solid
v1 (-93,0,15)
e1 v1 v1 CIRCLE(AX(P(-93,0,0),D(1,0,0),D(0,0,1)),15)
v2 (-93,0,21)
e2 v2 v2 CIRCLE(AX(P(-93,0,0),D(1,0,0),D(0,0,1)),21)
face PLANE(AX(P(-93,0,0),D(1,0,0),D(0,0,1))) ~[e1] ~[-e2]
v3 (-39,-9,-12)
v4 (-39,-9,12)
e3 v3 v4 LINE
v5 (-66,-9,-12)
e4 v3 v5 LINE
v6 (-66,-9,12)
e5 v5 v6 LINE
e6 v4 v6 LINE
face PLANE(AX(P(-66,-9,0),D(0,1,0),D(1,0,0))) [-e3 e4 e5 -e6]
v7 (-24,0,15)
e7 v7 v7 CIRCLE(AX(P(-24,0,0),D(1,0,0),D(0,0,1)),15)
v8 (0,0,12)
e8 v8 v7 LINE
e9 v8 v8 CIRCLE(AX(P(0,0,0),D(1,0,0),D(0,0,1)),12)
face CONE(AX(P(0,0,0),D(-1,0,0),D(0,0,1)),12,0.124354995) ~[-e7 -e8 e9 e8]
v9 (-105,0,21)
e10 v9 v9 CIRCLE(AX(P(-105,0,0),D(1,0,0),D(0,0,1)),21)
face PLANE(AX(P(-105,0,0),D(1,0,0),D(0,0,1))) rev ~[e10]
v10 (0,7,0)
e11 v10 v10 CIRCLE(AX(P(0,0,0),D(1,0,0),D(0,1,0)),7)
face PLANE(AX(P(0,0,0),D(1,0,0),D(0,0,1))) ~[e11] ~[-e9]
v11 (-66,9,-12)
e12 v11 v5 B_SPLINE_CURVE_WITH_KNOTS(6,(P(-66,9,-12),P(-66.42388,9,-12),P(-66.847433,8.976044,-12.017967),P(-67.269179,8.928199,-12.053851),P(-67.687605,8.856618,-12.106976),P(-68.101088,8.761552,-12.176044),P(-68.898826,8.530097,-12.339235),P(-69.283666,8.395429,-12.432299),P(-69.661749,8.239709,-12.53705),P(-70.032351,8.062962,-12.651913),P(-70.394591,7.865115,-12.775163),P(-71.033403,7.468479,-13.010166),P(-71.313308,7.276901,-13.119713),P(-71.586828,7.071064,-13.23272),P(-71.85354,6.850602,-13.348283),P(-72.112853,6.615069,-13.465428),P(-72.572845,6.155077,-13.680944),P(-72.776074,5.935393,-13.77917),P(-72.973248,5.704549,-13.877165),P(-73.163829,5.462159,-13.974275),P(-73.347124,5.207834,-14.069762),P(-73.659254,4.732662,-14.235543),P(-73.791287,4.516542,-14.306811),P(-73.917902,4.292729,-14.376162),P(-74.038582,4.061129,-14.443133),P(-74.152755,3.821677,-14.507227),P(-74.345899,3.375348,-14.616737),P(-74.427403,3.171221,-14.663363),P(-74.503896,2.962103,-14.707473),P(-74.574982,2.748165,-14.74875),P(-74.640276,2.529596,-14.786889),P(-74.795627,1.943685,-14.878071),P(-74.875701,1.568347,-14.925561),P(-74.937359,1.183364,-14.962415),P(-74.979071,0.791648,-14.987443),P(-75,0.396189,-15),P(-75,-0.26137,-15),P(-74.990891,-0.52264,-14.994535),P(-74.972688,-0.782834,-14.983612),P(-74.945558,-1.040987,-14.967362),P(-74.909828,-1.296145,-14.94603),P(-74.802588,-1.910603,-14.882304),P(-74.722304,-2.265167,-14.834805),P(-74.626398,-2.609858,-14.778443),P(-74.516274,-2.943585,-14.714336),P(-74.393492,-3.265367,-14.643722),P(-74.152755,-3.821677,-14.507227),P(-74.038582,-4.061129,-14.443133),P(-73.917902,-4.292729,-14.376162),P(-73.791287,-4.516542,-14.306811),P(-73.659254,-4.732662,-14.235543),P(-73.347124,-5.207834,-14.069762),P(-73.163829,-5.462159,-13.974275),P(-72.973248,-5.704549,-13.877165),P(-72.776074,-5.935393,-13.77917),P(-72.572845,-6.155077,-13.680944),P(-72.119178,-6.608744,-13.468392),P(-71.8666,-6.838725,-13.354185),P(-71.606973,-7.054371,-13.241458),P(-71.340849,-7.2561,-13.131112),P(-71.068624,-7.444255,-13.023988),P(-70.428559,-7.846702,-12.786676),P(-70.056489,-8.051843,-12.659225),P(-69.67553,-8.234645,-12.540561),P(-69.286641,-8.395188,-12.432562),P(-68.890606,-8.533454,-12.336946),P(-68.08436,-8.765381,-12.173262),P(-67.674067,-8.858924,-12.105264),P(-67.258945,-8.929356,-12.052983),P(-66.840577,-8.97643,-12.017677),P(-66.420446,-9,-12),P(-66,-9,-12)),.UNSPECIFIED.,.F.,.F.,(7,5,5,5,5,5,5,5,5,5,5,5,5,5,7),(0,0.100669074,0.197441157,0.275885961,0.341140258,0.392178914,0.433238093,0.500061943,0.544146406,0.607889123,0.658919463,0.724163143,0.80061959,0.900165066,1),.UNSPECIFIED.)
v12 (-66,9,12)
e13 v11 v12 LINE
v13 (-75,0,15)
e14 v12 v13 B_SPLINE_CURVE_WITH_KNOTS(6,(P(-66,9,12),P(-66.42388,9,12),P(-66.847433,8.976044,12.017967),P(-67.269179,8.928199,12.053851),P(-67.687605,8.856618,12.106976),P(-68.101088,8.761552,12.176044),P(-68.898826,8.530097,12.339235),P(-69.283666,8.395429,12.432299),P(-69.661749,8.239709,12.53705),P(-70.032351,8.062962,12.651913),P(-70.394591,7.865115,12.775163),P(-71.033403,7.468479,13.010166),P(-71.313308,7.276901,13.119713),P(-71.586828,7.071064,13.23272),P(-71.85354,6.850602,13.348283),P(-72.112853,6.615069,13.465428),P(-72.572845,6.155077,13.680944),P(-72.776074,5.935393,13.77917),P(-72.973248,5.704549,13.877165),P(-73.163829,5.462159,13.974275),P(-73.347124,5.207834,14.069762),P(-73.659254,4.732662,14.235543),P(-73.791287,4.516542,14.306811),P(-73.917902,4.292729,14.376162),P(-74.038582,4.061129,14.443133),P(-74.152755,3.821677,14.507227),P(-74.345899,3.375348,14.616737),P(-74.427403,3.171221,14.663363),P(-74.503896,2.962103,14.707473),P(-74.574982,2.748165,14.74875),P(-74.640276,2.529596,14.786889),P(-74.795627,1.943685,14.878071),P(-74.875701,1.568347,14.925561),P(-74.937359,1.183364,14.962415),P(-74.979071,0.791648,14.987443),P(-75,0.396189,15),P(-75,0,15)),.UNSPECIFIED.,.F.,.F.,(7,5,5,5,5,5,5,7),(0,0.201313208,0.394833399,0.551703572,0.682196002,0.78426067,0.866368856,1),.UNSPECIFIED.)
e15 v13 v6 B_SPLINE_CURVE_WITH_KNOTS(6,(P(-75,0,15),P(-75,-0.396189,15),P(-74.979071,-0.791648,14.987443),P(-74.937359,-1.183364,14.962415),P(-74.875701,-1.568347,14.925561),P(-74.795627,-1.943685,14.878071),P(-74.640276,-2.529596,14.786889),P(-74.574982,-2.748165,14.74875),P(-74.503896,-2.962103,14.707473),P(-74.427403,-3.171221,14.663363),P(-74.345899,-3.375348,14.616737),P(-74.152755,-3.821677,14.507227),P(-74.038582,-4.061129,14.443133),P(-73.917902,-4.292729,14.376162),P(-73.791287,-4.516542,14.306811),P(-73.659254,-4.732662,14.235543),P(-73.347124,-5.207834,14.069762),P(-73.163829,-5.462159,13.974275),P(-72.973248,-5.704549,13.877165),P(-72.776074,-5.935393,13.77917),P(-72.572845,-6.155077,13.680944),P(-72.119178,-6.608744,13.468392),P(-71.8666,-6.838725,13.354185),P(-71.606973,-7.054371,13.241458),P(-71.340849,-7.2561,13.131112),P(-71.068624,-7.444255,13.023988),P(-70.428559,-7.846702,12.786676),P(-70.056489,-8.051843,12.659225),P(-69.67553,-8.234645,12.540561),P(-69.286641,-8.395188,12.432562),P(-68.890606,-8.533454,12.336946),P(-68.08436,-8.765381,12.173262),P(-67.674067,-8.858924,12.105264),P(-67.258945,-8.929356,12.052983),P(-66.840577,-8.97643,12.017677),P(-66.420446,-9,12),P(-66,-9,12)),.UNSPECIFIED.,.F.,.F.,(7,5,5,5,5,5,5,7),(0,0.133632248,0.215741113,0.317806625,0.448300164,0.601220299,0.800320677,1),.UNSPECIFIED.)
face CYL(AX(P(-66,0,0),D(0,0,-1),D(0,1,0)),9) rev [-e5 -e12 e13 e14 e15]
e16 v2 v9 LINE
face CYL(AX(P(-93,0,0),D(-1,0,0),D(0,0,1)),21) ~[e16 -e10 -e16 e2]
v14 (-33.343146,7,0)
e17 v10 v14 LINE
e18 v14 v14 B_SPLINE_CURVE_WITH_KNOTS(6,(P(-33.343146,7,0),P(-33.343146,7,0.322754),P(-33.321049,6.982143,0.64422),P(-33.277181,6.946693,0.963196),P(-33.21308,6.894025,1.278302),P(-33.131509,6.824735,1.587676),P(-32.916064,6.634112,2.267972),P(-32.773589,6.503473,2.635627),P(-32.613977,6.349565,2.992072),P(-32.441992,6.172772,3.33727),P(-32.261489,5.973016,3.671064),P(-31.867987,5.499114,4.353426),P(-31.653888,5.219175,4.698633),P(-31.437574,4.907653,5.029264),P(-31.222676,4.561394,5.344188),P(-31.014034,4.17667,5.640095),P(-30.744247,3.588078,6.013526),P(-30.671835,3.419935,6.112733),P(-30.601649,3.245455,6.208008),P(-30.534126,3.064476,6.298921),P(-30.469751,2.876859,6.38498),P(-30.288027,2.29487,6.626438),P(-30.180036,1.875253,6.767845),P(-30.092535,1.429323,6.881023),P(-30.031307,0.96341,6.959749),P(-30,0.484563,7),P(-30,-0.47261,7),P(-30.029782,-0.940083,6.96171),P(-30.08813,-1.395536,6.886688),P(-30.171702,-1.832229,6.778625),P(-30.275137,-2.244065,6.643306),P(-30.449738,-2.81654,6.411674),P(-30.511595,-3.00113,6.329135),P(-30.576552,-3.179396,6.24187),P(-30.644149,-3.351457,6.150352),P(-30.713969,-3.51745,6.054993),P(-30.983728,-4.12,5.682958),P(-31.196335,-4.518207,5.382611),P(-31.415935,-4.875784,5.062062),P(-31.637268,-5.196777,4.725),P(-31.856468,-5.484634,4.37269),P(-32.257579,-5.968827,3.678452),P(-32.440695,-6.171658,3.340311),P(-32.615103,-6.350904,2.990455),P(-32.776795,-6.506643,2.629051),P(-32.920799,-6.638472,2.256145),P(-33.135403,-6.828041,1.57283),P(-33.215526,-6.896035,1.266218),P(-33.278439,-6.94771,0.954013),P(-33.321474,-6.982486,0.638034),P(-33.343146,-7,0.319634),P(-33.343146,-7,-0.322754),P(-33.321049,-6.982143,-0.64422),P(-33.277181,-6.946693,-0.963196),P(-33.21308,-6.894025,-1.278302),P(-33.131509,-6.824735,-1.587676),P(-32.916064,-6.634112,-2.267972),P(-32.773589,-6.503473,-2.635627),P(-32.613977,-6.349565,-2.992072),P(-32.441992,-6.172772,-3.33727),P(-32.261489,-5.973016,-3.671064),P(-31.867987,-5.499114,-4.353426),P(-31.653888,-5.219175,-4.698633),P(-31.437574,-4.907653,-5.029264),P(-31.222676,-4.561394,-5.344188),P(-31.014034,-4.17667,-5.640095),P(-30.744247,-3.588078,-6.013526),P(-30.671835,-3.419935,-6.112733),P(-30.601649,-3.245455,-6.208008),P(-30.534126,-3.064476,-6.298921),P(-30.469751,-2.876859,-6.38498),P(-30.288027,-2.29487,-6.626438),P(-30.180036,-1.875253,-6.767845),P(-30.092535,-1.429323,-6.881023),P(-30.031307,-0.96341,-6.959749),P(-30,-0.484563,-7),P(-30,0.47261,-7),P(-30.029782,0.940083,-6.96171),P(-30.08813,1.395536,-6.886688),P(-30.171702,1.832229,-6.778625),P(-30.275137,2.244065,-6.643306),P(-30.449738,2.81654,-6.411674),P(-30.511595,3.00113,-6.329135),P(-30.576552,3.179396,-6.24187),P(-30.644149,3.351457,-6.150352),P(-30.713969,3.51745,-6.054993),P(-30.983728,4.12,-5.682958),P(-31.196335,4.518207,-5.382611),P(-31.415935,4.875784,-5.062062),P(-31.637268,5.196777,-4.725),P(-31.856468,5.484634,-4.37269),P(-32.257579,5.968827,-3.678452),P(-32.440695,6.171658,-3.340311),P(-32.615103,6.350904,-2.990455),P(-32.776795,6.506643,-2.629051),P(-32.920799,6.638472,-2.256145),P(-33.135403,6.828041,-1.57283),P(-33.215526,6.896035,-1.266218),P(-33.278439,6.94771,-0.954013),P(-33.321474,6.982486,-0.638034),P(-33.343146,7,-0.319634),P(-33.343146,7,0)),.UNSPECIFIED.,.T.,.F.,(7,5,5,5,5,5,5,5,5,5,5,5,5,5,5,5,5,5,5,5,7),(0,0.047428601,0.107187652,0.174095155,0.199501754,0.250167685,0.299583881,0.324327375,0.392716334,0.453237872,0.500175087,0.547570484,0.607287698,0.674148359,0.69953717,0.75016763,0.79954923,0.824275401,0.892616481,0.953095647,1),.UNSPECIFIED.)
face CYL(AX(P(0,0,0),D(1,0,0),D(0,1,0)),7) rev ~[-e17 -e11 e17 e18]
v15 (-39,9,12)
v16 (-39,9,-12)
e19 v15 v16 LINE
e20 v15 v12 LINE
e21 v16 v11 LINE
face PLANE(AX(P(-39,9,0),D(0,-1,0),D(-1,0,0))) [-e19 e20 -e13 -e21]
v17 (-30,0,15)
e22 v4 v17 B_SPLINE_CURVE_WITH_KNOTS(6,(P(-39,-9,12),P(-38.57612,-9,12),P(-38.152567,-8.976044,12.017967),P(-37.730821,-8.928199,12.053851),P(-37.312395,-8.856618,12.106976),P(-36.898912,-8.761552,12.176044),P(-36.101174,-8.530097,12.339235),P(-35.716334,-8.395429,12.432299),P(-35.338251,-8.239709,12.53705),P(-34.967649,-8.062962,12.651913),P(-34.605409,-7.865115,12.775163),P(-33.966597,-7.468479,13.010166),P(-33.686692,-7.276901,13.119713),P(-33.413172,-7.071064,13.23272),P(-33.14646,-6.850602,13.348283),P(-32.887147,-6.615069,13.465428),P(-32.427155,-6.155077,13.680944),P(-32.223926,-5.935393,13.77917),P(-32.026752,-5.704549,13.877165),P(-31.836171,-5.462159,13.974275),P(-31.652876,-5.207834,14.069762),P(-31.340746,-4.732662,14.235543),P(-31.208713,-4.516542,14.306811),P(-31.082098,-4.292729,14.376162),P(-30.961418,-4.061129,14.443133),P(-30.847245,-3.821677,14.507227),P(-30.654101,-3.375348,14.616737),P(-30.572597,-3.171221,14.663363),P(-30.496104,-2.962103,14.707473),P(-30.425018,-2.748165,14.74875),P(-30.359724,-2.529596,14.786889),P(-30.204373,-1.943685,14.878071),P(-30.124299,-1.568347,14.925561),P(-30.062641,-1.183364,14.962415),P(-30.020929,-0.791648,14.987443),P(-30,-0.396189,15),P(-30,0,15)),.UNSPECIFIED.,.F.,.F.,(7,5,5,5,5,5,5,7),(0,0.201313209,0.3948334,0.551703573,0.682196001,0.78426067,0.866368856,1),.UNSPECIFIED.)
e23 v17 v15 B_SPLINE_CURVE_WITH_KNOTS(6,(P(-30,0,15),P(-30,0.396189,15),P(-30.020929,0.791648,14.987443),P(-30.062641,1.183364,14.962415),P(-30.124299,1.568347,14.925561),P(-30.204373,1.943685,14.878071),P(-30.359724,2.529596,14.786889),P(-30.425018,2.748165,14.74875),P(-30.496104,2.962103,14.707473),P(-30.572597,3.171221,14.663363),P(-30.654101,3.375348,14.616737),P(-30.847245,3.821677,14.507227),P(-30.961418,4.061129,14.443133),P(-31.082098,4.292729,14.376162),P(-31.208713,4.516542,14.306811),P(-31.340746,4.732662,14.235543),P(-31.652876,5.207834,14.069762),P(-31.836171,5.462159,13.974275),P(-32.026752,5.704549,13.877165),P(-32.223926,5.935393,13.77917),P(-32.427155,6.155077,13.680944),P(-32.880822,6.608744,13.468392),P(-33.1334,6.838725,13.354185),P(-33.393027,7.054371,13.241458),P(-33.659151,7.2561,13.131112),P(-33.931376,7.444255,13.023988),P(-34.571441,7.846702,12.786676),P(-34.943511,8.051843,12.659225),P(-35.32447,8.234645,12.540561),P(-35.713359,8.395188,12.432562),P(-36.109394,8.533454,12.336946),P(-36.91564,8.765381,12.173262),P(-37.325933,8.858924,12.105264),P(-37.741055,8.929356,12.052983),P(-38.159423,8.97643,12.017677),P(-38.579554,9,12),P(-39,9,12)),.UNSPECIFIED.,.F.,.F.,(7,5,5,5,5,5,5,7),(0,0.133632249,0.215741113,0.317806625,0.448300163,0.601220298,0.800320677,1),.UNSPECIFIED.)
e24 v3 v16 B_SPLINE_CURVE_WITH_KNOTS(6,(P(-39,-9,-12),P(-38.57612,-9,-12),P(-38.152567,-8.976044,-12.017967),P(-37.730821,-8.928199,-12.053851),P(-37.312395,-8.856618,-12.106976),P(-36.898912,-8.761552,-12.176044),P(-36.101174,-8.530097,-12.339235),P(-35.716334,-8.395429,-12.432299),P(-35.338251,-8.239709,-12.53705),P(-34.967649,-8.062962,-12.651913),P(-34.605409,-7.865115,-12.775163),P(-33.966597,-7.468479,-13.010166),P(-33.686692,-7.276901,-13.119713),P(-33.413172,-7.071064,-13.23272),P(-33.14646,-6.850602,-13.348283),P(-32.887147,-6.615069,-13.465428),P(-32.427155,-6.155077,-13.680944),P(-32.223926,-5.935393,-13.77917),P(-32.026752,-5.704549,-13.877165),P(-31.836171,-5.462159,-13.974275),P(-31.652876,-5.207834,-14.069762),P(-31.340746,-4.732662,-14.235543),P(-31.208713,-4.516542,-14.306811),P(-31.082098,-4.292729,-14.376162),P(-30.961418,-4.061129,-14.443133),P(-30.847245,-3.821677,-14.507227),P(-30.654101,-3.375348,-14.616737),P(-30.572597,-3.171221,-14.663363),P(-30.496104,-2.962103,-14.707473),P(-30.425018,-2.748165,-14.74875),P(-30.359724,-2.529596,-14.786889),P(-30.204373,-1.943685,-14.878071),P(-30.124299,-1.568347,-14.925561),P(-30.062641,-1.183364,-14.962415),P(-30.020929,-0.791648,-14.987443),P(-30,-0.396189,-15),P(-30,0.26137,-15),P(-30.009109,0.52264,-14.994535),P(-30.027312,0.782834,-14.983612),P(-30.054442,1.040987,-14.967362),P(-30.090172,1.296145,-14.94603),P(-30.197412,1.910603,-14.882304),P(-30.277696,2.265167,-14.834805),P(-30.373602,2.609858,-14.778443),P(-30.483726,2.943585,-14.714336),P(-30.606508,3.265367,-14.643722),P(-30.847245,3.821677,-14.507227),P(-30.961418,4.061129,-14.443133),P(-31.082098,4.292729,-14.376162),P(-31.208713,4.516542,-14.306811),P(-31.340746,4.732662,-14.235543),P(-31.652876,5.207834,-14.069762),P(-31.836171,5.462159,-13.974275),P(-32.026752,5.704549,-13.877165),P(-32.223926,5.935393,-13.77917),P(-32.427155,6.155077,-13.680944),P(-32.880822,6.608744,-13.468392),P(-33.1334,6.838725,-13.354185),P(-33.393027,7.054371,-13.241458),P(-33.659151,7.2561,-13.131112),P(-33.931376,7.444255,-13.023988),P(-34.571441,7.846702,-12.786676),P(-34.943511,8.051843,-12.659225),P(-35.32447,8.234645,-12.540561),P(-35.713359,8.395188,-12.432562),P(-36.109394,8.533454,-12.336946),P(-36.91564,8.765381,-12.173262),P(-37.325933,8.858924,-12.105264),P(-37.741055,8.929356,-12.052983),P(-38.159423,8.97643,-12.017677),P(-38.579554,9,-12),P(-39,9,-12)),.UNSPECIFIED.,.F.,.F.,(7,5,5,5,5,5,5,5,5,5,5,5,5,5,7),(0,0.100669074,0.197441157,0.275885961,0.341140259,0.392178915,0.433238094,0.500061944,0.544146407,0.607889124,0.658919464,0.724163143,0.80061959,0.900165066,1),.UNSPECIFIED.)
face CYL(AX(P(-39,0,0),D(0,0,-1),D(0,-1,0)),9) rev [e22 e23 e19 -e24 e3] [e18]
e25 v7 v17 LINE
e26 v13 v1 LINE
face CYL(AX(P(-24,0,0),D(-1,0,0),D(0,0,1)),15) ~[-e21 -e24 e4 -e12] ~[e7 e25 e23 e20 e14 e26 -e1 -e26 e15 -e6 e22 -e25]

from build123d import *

# Parameters (mm, degrees)
F3_DEPTH      = 21.001
F3_DEPTH_BACK = 21.001
F4_R          = 7
F5_DEPTH      = 34.3431458505


with BuildPart() as f1:
    # F0 (on Front) → F1 (revolve)
    with BuildSketch(Plane.XZ):
        Polygon((-105, 21), (-105, 0), (0, 0), (0, 12), (-24, 15), (-93, 15), (-93, 21), align=None)
    revolve(axis=Axis((-52.5, 0, 0), (1, 0, 0)))

    # F2 (on Top) → F3 (cut, two sides)
    with BuildSketch(Plane.XY) as f3_sk:
        with BuildLine():
            ThreePointArc((-39, -9), (-30, 0), (-39, 9))
            Line((-39, 9), (-66, 9))
            ThreePointArc((-66, 9), (-75, 0), (-66, -9))
            Line((-66, -9), (-39, -9))
        make_face()
    extrude(amount=-F3_DEPTH, mode=Mode.SUBTRACT)
    extrude(f3_sk.sketch, amount=F3_DEPTH_BACK, mode=Mode.SUBTRACT)

    # F4 (on face) → F5 (cut, up to face)
    with BuildSketch(Plane.YZ):
        Circle(F4_R)
    extrude(amount=-F5_DEPTH, mode=Mode.SUBTRACT)


solid = f1.part
